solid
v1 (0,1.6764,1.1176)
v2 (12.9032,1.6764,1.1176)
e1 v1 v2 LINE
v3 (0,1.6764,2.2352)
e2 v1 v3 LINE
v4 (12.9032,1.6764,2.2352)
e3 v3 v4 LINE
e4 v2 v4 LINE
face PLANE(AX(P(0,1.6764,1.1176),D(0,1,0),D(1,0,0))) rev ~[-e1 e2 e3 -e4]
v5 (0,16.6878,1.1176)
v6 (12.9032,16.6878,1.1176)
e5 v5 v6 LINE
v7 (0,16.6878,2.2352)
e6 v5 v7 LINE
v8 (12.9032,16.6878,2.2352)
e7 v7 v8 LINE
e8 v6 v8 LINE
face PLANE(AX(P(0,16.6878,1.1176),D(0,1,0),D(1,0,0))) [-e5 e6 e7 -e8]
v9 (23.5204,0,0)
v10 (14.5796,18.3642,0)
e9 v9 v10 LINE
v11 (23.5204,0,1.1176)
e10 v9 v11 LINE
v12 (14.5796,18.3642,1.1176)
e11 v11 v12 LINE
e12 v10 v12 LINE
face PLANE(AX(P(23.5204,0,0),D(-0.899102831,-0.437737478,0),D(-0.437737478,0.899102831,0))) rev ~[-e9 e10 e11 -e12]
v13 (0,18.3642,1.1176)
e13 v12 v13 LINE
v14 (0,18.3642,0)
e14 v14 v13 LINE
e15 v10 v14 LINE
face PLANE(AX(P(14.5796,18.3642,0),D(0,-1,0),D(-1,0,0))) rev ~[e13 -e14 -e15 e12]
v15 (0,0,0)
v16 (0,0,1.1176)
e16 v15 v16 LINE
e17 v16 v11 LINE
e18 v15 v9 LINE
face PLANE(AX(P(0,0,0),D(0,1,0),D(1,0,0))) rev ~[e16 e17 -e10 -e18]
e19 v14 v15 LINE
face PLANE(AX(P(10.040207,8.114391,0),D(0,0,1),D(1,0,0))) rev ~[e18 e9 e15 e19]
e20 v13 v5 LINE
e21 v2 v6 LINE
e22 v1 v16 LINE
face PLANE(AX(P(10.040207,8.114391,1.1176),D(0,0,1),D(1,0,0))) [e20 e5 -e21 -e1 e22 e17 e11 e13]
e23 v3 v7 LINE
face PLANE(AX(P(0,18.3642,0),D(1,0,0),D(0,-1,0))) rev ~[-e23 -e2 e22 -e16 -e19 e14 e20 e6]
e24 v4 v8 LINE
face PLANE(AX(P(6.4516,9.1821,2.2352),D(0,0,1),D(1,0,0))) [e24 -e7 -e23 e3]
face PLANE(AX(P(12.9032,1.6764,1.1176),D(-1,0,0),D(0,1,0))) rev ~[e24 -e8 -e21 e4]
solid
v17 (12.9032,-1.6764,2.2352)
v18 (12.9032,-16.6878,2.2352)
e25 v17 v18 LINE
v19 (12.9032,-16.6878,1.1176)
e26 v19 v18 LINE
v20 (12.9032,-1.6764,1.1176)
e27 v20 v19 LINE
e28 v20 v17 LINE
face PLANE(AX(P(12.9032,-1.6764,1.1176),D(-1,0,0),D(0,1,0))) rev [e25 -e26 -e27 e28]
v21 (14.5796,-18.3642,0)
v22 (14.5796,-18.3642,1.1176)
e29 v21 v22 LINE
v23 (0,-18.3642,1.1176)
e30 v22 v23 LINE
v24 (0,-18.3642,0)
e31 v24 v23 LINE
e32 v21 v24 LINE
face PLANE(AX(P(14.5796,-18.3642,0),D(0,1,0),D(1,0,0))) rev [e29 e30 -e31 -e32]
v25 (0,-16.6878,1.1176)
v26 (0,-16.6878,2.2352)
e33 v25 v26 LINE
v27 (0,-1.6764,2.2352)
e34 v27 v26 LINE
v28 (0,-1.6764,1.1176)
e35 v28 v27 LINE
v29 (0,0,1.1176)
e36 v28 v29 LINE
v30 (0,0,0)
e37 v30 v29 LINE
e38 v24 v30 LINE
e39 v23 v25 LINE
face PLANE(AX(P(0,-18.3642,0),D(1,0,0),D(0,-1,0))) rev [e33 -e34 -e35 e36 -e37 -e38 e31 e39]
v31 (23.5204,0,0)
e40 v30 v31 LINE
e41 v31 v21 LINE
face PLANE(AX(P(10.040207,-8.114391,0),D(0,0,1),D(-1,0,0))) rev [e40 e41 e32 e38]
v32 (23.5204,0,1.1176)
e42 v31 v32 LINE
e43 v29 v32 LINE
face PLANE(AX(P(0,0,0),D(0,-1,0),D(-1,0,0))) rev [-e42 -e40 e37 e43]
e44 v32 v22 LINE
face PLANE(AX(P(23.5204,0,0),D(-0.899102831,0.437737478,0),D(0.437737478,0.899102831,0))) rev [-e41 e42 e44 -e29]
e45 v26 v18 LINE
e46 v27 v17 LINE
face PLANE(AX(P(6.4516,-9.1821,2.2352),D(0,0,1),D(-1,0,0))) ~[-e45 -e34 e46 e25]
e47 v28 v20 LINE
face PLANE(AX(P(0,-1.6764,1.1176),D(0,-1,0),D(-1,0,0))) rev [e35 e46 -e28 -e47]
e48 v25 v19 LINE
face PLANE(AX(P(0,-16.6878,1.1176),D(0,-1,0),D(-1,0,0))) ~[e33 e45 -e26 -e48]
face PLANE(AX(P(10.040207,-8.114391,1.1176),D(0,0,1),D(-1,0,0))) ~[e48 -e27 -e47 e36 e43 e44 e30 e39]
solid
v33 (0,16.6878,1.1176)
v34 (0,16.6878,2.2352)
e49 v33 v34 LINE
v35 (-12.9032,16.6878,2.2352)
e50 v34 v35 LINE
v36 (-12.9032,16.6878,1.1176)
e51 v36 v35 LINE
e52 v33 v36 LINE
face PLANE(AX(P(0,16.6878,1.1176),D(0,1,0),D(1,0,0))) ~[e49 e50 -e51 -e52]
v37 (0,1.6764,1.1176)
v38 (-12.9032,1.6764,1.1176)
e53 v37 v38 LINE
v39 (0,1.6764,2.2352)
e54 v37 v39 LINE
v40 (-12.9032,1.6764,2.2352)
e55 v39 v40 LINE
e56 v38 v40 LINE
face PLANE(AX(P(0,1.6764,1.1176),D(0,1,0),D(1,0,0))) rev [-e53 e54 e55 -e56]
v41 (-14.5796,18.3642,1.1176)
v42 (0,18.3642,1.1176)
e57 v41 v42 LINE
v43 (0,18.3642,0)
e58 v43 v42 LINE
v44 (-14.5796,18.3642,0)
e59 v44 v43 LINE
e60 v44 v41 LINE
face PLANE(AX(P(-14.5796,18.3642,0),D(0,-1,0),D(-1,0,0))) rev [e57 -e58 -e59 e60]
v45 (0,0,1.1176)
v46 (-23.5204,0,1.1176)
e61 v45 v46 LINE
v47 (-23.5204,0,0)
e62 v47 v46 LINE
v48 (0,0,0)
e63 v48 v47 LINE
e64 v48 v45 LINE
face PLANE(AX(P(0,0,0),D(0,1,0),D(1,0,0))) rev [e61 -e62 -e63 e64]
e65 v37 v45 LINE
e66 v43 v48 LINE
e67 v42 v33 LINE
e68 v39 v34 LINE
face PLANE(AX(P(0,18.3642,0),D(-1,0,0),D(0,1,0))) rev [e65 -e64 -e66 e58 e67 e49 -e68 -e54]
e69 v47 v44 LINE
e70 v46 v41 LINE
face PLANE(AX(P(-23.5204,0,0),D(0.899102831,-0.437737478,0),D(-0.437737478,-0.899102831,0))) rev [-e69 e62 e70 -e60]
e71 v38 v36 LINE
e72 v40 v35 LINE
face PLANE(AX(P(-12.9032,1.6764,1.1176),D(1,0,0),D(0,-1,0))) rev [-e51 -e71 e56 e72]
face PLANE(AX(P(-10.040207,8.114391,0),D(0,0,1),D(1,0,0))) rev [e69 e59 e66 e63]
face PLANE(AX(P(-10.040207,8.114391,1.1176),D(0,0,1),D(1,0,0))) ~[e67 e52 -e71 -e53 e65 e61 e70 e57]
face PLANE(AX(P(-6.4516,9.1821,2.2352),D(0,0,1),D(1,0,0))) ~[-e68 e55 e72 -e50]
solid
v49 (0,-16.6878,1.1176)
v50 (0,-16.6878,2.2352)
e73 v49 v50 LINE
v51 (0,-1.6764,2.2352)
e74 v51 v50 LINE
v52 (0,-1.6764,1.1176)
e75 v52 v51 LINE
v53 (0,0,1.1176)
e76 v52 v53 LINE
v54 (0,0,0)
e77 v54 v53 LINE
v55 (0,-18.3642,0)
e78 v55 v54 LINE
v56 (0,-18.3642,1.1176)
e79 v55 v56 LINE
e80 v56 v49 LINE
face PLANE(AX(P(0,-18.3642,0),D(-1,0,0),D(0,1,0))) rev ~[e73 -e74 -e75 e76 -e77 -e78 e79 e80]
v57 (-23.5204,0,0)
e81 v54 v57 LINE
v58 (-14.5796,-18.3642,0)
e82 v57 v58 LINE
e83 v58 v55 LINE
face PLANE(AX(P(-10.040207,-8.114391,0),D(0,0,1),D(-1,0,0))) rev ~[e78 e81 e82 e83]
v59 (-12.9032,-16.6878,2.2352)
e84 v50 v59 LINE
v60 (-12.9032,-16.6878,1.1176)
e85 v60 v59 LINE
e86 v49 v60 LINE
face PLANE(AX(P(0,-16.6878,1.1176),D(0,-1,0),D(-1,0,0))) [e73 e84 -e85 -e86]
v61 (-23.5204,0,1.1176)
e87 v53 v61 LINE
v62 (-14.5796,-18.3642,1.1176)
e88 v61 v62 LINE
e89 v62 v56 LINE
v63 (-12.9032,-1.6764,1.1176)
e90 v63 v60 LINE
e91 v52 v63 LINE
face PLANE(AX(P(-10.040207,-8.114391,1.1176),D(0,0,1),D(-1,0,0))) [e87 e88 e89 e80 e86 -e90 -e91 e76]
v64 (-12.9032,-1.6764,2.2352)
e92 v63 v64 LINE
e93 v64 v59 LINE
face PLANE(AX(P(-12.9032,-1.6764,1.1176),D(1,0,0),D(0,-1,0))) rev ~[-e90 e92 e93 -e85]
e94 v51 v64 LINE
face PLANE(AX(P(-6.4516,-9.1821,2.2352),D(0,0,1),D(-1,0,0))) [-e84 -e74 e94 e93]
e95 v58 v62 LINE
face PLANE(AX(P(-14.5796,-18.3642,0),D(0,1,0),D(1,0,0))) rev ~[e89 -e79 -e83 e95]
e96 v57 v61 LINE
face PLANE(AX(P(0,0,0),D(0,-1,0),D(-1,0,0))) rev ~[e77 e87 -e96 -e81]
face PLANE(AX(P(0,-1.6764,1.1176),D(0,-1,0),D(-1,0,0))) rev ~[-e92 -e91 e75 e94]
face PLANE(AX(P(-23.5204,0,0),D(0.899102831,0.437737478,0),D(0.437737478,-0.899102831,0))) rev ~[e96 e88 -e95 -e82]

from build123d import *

# Parameters (mm, degrees)
F1_DEPTH = 1.1176
F2_W     = 12.9032
F2_H     = 15.0114
F3_DEPTH = 1.1176


with BuildPart() as f1:
    # F0 (on Top) → F1 (new body)
    with BuildSketch(Plane.XY):
        Polygon((0, 18.3642), (0, 0), (23.5204, 0), (14.5796, 18.3642), align=None)
    extrude(amount=F1_DEPTH)

    # F2 (on face) → F3 (join)
    with BuildSketch(Plane.XY.offset(1.1176)):
        with Locations((6.4516, 9.1821)):
            Rectangle(F2_W, F2_H)
    extrude(amount=F3_DEPTH)


with BuildPart() as f4_1:
    # F4: instance of F1
    add(f1.part.mirror(Plane(origin=(0, 9.1821, 1.061465), x_dir=(0, -1, 0), z_dir=(-1, 0, 0))))


with BuildPart() as f5_1:
    # F5: instance of F4_1
    add(f4_1.part.mirror(Plane.XZ))


with BuildPart() as f5_2:
    # F5: instance of F1
    add(f1.part.mirror(Plane.XZ))


solid = Compound([f1.part, f4_1.part, f5_1.part, f5_2.part])
